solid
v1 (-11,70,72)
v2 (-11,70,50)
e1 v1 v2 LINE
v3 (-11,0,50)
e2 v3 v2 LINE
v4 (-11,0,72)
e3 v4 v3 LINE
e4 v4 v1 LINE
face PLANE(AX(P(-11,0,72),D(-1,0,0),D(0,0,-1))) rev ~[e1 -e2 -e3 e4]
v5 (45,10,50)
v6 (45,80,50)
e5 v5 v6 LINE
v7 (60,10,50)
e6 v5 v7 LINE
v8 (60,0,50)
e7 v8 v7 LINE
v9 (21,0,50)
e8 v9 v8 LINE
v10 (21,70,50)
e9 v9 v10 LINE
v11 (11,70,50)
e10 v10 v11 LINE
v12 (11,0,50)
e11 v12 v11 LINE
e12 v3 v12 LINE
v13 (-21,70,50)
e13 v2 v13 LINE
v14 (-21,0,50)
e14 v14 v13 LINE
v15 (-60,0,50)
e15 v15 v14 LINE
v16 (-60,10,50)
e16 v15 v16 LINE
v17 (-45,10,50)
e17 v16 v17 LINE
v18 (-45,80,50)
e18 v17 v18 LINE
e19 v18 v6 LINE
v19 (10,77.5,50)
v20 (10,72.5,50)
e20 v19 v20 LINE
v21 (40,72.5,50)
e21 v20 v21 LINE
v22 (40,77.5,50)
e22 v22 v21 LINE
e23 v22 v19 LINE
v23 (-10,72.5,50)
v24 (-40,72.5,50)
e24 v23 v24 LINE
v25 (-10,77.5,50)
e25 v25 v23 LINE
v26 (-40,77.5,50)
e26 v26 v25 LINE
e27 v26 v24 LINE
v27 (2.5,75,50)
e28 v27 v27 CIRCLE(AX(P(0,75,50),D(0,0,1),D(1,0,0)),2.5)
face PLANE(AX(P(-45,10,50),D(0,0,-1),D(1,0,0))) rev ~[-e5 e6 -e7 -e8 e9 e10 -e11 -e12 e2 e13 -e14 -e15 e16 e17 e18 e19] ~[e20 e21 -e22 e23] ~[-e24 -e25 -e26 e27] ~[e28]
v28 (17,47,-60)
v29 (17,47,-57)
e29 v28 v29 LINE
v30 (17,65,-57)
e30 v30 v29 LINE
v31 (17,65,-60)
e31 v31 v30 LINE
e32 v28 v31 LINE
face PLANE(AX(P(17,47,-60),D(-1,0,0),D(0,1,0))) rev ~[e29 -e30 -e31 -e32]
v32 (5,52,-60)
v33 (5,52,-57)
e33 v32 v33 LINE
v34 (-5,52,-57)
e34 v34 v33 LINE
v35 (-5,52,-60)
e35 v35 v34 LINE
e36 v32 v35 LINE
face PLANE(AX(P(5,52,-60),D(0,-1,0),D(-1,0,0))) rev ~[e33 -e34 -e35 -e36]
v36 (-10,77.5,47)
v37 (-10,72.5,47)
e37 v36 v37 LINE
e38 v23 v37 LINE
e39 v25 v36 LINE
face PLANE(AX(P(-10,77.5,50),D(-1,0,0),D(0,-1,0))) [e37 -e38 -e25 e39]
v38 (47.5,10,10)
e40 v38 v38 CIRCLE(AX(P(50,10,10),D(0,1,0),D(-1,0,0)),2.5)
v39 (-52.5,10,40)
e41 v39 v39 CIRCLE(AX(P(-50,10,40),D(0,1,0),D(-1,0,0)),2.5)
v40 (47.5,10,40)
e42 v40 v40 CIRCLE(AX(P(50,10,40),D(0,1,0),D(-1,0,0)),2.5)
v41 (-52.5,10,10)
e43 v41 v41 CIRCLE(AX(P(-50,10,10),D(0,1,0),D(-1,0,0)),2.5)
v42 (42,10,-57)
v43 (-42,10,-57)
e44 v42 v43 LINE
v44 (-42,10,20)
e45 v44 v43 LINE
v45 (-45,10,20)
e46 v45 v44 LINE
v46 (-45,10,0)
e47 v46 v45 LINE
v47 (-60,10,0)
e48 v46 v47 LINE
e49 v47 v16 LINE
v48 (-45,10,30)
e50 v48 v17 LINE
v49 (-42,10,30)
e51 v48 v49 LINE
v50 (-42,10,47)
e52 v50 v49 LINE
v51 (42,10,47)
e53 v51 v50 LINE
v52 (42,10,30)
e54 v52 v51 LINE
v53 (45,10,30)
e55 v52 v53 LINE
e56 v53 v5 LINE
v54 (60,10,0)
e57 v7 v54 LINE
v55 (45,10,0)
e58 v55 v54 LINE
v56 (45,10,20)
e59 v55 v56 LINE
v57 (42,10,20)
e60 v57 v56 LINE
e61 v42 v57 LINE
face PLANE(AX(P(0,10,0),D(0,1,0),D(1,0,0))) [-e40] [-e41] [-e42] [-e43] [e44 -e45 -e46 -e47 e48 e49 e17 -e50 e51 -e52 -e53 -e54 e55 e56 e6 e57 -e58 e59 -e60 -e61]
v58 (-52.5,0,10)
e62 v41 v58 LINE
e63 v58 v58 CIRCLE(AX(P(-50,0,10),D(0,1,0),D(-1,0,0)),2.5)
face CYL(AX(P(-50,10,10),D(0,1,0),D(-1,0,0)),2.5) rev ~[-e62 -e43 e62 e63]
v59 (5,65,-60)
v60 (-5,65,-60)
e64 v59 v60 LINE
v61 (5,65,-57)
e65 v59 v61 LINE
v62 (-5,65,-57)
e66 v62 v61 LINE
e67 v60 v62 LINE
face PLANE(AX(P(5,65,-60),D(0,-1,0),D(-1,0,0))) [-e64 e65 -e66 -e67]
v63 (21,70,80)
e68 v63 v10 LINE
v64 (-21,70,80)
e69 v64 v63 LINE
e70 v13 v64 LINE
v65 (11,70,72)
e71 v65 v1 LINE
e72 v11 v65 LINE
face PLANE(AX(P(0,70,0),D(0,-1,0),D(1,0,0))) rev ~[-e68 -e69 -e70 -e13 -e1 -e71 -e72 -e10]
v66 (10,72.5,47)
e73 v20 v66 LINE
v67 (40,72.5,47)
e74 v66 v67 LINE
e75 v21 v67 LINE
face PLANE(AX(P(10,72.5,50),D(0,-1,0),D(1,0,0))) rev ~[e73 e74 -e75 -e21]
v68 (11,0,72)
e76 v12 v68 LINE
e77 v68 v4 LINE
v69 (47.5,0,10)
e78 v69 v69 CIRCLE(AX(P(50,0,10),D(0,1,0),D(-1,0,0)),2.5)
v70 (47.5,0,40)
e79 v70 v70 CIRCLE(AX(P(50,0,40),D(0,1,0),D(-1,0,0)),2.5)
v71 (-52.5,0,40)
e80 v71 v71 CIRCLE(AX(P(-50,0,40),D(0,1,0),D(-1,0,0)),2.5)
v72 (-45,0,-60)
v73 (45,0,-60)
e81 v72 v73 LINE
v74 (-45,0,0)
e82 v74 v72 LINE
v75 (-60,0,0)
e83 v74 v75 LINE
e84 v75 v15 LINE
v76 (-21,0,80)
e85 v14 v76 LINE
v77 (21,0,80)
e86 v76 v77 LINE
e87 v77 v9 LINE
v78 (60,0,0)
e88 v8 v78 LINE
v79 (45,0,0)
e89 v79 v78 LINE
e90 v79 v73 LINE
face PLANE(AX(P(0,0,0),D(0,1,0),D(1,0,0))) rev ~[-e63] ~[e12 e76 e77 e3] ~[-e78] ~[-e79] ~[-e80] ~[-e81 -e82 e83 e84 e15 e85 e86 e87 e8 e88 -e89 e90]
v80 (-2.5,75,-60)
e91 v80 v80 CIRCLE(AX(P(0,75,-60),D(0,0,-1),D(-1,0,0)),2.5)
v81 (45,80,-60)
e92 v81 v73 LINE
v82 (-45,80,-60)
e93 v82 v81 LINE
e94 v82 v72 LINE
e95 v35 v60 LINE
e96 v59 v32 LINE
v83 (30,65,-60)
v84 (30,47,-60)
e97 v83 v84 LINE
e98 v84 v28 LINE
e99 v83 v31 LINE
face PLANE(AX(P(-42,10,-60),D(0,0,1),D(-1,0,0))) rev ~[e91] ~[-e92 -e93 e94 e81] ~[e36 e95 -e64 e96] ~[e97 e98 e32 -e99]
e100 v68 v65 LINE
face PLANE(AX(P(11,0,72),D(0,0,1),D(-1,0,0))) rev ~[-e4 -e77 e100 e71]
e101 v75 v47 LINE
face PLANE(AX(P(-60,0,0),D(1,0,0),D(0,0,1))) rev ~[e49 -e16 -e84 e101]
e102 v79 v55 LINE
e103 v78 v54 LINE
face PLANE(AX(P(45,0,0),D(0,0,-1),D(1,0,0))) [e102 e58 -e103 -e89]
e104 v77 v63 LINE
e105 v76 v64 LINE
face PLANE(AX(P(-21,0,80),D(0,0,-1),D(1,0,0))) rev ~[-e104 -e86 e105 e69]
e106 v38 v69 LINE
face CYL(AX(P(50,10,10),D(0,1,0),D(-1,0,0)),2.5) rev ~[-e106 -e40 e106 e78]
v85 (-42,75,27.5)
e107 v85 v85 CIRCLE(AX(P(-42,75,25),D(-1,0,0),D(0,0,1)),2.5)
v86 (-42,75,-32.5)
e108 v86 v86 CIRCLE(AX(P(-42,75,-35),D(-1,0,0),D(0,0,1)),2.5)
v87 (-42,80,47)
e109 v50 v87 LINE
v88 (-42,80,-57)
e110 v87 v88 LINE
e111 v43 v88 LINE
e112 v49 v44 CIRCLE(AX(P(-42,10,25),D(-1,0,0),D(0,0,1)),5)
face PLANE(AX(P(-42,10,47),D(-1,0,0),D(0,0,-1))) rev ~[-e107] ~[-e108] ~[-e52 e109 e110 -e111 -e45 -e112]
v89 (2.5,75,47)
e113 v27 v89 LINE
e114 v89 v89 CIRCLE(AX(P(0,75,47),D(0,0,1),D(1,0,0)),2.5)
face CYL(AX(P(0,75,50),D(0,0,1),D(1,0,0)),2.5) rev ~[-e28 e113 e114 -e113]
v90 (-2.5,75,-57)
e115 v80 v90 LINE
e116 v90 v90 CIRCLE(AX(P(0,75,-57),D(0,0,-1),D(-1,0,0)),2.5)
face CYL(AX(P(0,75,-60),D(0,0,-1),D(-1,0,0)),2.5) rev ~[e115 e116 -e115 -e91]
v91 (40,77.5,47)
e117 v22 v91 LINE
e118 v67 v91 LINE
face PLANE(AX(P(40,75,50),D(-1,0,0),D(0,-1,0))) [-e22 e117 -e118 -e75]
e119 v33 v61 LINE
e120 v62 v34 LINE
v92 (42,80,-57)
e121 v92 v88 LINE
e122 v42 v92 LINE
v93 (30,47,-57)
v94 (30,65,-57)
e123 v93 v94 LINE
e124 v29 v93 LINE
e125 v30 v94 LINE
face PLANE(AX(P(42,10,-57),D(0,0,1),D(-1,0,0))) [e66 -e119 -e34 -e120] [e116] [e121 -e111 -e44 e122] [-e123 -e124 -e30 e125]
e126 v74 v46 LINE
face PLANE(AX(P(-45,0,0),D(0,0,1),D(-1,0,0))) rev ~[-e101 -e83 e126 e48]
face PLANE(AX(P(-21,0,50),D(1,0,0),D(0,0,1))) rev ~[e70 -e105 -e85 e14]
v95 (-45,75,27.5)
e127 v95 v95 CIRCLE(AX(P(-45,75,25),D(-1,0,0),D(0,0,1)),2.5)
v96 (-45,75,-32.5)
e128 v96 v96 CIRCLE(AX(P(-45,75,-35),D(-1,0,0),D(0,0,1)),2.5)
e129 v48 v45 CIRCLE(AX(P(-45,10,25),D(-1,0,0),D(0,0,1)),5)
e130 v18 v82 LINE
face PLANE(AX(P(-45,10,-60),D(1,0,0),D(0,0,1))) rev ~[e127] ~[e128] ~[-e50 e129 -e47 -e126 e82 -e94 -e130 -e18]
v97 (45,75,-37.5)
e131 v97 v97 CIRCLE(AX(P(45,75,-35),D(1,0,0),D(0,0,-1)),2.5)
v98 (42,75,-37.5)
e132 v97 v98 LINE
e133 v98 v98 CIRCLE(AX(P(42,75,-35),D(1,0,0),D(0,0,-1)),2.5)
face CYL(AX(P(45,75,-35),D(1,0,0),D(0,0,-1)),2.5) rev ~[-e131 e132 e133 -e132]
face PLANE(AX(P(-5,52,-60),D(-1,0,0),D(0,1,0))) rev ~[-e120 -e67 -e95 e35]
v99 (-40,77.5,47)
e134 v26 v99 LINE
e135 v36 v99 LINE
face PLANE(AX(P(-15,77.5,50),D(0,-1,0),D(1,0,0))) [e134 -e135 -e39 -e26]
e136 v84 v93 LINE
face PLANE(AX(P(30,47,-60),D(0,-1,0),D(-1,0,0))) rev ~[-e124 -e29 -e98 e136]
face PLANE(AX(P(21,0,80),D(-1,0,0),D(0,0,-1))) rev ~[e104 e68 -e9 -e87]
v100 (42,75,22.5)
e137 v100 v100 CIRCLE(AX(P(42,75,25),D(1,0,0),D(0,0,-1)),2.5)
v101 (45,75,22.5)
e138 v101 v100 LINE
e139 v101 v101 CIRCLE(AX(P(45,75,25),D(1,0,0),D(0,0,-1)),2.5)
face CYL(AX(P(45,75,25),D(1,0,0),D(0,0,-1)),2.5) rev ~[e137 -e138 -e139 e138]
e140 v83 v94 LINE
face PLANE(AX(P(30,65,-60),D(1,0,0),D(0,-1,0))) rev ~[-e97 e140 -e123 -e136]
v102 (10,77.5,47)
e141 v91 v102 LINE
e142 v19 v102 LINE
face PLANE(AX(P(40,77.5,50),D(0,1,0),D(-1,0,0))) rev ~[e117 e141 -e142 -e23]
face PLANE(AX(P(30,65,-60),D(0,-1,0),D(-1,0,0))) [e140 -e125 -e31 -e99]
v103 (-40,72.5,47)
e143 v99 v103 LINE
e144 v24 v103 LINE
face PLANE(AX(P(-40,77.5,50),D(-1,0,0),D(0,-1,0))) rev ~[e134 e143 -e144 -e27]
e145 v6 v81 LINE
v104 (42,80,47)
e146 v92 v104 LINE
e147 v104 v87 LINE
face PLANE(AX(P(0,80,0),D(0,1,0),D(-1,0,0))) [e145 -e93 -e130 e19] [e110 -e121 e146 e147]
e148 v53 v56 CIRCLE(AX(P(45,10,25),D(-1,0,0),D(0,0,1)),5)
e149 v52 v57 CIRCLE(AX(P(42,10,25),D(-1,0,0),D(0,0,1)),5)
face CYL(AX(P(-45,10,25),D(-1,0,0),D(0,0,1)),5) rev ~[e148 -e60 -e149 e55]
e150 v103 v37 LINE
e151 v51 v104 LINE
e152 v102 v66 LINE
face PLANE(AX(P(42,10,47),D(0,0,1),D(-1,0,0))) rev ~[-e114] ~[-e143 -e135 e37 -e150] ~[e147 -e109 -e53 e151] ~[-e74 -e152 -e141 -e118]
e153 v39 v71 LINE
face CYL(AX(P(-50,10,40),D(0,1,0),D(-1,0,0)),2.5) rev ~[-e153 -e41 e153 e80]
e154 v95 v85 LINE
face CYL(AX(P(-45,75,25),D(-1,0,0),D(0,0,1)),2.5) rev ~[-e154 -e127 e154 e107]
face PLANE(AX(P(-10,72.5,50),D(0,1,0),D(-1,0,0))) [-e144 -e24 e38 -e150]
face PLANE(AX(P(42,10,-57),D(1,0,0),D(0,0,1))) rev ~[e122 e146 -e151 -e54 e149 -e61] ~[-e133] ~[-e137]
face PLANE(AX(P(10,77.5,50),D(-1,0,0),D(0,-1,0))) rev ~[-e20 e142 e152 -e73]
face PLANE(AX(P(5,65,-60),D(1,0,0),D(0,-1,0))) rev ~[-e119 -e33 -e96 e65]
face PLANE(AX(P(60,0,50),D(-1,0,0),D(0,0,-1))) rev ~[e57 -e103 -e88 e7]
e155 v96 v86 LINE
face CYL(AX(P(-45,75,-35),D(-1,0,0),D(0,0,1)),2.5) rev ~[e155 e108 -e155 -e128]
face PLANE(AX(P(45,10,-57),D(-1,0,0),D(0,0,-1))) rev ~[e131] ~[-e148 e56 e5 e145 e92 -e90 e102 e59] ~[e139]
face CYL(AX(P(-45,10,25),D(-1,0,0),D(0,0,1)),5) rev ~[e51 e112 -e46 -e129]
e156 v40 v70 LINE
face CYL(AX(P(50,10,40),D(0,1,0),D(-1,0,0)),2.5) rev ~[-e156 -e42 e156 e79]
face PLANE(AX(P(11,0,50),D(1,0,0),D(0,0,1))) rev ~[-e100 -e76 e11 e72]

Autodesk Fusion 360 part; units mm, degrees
sketch "Sketch1" plane through (0, 0, 0) normal (0, 1, 0) x (1, 0, 0)
  line L0 (0, 0) -> (60, 0)
  line L1 (60, 0) -> (-60, 0)
  line L2 (-60, 0) -> (-60, -50)
  line L3 (-60, -50) -> (60, -50)
  line L4 (60, -50) -> (60, 0)
  line L5 (-60, 0) -> (-45, 0)
  line L6 (60, 0) -> (45, 0)
  line L7 (-45, 0) -> (-45, 60)
  line L8 (45, 0) -> (45, 60)
  line L9 (-45, 60) -> (45, 60)
  dimension "d1" = 60
  dimension "d2" = 120
  dimension "d3" = 50
  dimension "d4" = 15
  dimension "d5" = 15
  dimension "d6" = 60
  dimension "d7" = 60
extrude "Extrude1" add sketch "Sketch1" along normal blind 10
sketch "Sketch2" plane through (0, 10, 0) normal (0, 1, 0) x (-1, 0, 0)
  line L0 (60, 0) -> (60, 50)
  line L1 (60, 50) -> (-60, 50)
  line L2 (-60, 50) -> (-60, 0)
  line L3 (-60, 0) -> (-45, 0)
  line L4 (-45, 0) -> (-45, -60)
  line L5 (-45, -60) -> (45, -60)
  line L6 (45, -60) -> (45, 0)
  line L7 (45, 0) -> (60, 0)
  line L8 (60, 50) -> (60, 40)
  line L9 (-60, 50) -> (-60, 40)
  circle A0 centre (50, 40) radius 2.5
  circle A1 centre (-50, 40) radius 2.5
  circle A2 centre (50, 10) radius 2.5
  circle A3 centre (-50, 10) radius 2.5
  dimension "d10" = 10
  dimension "d11" = 10
  dimension "d12" = 10
  dimension "d13" = 10
  dimension "d14" = 5
  dimension "d15" = 5
  dimension "d16" = 30
  dimension "d17" = 5
  dimension "d18" = 30
  dimension "d19" = 5
extrude "Extrude2" cut sketch "Sketch2" against normal blind 20 contours A0 | A1 | A2 | A3
sketch "Sketch3" plane through (0, 10, 0) normal (0, 1, 0) x (-1, 0, 0)
  circle A0 centre (50, 40) radius 2.5
  circle A1 centre (-50, 40) radius 2.5
  circle A2 centre (50, 10) radius 2.5
  circle A3 centre (-50, 10) radius 2.5
  line L0 (60, 0) -> (60, 50)
  line L1 (60, 50) -> (-60, 50)
  line L2 (-60, 50) -> (-60, 0)
  line L3 (-60, 0) -> (-45, 0)
  line L4 (-45, 0) -> (-45, -60)
  line L5 (-45, -60) -> (45, -60)
  line L6 (45, -60) -> (45, 0)
  line L7 (45, 0) -> (60, 0)
  line L8 (45, -60) -> (45, 50)
  line L9 (-45, -60) -> (-45, 50)
  line L10 (45, 50) -> (-45, 50)
  line L11 (-45, -60) -> (45, -60)
  line L12 (45, 50) -> (42, 50)
  line L13 (45, -60) -> (42, -60)
  line L14 (-45, -60) -> (-45, -57)
  line L15 (-45, 50) -> (-42, 50)
  line L16 (42, 47) -> (42, -57)
  line L17 (-42, -57) -> (42, -57)
  line L18 (-42, -57) -> (-42, 47)
  line L19 (-42, 47) -> (42, 47)
  dimension "d22" = 3
  dimension "d23" = 3
  dimension "d24" = 3
  dimension "d25" = 3
  dimension "d26" = 3
  dimension "d27" = 3
  dimension "d28" = 3
  dimension "d29" = 3
extrude "Extrude3" add sketch "Sketch3" along normal blind 70 contours L1 L4 L5 L6 L8 L9 L10 L11 L12 L13 L14 L15
sketch "Sketch4" plane through (-45, 0, 0) normal (-1, 0, 0) x (0, 0, 1)
  line L0 (-60, 0) -> (0, 0)
  line L1 (0, 0) -> (0, 10)
  line L2 (0, 10) -> (50, 10)
  line L3 (50, 10) -> (50, 80)
  line L4 (50, 80) -> (-60, 80)
  line L5 (-60, 80) -> (-60, 0)
  line L6 (-60, 80) -> (-60, 75)
  circle A0 centre (-35, 75) radius 2.5
  circle A1 centre (25, 75) radius 2.5
  dimension "d32" = 25
  dimension "d34" = 5
  dimension "d35" = 5
extrude "Extrude4" cut sketch "Sketch4" against normal blind 10 contours A0 | A1
sketch "Sketch5" plane through (45, 0, 0) normal (1, 0, 0) x (0, 0, -1)
  line L0 (0, 0) -> (60, 0)
  line L1 (60, 0) -> (60, 80)
  line L2 (60, 80) -> (-50, 80)
  line L3 (-50, 80) -> (-50, 10)
  line L4 (-50, 10) -> (0, 10)
  line L5 (0, 10) -> (0, 0)
  line L6 (-50, 80) -> (-50, 75)
  circle A0 centre (-25, 75) radius 2.5
  circle A1 centre (35, 75) radius 2.5
  dimension "d38" = 5
  dimension "d39" = 25
  dimension "d41" = 5
  dimension "d42" = 5
extrude "Extrude5" cut sketch "Sketch5" against normal blind 11 contours A0 | A1
sketch "Sketch6" plane through (0, 0, 50) normal (0, 0, 1) x (1, 0, 0)
  line L0 (-60, 0) -> (60, 0)
  line L1 (60, 0) -> (60, 10)
  line L2 (60, 10) -> (45, 10)
  line L3 (45, 10) -> (45, 80)
  line L4 (45, 80) -> (-45, 80)
  line L5 (-45, 80) -> (-45, 10)
  line L6 (-45, 10) -> (-60, 10)
  line L7 (-60, 10) -> (-60, 0)
  circle A0 centre (0, 75) radius 2.5
  dimension "d47" = 5
extrude "Extrude6" cut sketch "Sketch6" against normal blind 11 contours A0
sketch "Sketch7" plane through (0, 0, -60) normal (0, 0, -1) x (-1, 0, 0)
  line L0 (-45, 0) -> (45, 0)
  line L1 (45, 0) -> (45, 80)
  line L2 (45, 80) -> (-45, 80)
  line L3 (-45, 80) -> (-45, 0)
  circle A0 centre (0, 75) radius 2.5
  dimension "d51" = 5
extrude "Extrude7" cut sketch "Sketch7" against normal blind 11 contours A0
sketch "Sketch8" plane through (0, 0, 50) normal (0, 0, 1) x (1, 0, 0)
  circle A0 centre (0, 75) radius 2.5
  line L0 (-60, 0) -> (60, 0)
  line L1 (60, 0) -> (60, 10)
  line L2 (60, 10) -> (45, 10)
  line L3 (45, 10) -> (45, 80)
  line L4 (45, 80) -> (-45, 80)
  line L5 (-45, 80) -> (-45, 10)
  line L6 (-45, 10) -> (-60, 10)
  line L7 (-60, 10) -> (-60, 0)
  line L8 (-45, 80) -> (-45, 75)
  line L9 (-15, 77.5) -> (-35, 77.5)
  line L10 (-35, 72.5) -> (-15, 72.5)
  line L11 (-15, 77.5) -> (-10, 77.5)
  line L12 (-10, 77.5) -> (-10, 72.5)
  line L13 (-10, 72.5) -> (-15, 72.5)
  line L14 (-35, 77.5) -> (-40, 77.5)
  line L15 (-40, 77.5) -> (-40, 72.5)
  line L16 (-40, 72.5) -> (-35, 72.5)
  dimension "d55" = 20
  dimension "d56" = 5
  dimension "d57" = 5
extrude "Extrude8" cut sketch "Sketch8" against normal blind 20 contours L9 L10 L11 L12 L13 L14 L15 L16
sketch "Sketch9" plane through (0, 0, 50) normal (0, 0, 1) x (1, 0, 0)
  line L0 (-40, 72.5) -> (-40, 77.5)
  line L1 (-40, 77.5) -> (-10, 77.5)
  line L2 (-10, 77.5) -> (-10, 72.5)
  line L3 (-10, 72.5) -> (-40, 72.5)
  circle A0 centre (0, 75) radius 2.5
  line L4 (-60, 0) -> (60, 0)
  line L5 (60, 0) -> (60, 10)
  line L6 (60, 10) -> (45, 10)
  line L7 (45, 10) -> (45, 80)
  line L8 (45, 80) -> (-45, 80)
  line L9 (-45, 80) -> (-45, 10)
  line L10 (-45, 10) -> (-60, 10)
  line L11 (-60, 10) -> (-60, 0)
  line L12 (45, 80) -> (45, 75)
  line L13 (45, 75) -> (40, 75)
  line L14 (40, 75) -> (40, 72.5)
  line L15 (40, 75) -> (40, 77.5)
  line L16 (40, 77.5) -> (10, 77.5)
  line L17 (10, 77.5) -> (10, 72.5)
  line L18 (10, 72.5) -> (40, 72.5)
  dimension "d60" = 2.5
  dimension "d61" = 2.5
  dimension "d62" = 30
  dimension "d63" = 5
extrude "Extrude9" cut sketch "Sketch9" against normal blind 20 contours L14 L15 L16 L17 L18
sketch "Sketch10" plane through (0, 0, 0) normal (0, -1, 0) x (1, 0, 0)
  circle A0 centre (-50, 40) radius 2.5
  circle A1 centre (50, 40) radius 2.5
  circle A2 centre (-50, 10) radius 2.5
  circle A3 centre (50, 10) radius 2.5
  line L0 (-60, 50) -> (-60, 0)
  line L1 (-60, 0) -> (-45, 0)
  line L2 (-45, 0) -> (-45, -60)
  line L3 (-45, -60) -> (45, -60)
  line L4 (45, -60) -> (45, 0)
  line L5 (45, 0) -> (60, 0)
  line L6 (60, 0) -> (60, 50)
  line L7 (60, 50) -> (-60, 50)
  line L8 (0, 50) -> (11, 50)
  line L9 (11, 50) -> (11, 72)
  line L10 (11, 72) -> (-11, 72)
  line L11 (-11, 72) -> (-11, 50)
  line L12 (-11, 50) -> (-21, 50)
  line L13 (-21, 50) -> (-21, 80)
  line L14 (-21, 80) -> (21, 80)
  line L15 (21, 80) -> (21, 50)
  dimension "d66" = 11
  dimension "d67" = 22
  dimension "d68" = 22
  dimension "d69" = 10
extrude "Extrude10" add sketch "Sketch10" against normal blind 70 contours L7 L9 L10 L11 L12 L13 L14 L15
sketch "Sketch11" plane through (0, 0, 0) normal (0, -1, 0) x (1, 0, 0)
  line L0 (-21, 50) -> (-60, 50)
  line L1 (-60, 50) -> (-60, 0)
  line L2 (-60, 0) -> (-45, 0)
  line L3 (-45, 0) -> (-45, -60)
  line L4 (-45, -60) -> (45, -60)
  line L5 (45, -60) -> (45, 0)
  line L6 (45, 0) -> (60, 0)
  line L7 (60, 0) -> (60, 50)
  line L8 (60, 50) -> (21, 50)
  line L9 (21, 50) -> (21, 80)
  line L10 (21, 80) -> (-21, 80)
  line L11 (-21, 80) -> (-21, 50)
  circle A0 centre (-50, 40) radius 2.5
  circle A1 centre (50, 40) radius 2.5
  circle A2 centre (-50, 10) radius 2.5
  circle A3 centre (50, 10) radius 2.5
  line L12 (-11, 50) -> (-11, 72)
  line L13 (-11, 72) -> (11, 72)
  line L14 (11, 72) -> (11, 50)
  line L15 (11, 50) -> (-11, 50)
sketch "Sketch12" plane through (0, 0, 0) normal (0, -1, 0) x (1, 0, 0)
sketch "Sketch13" plane through (0, 0, 80) normal (0, 0, 1) x (1, 0, 0)
  line L0 (-21, 0) -> (21, 0)
  line L1 (21, 0) -> (21, 70)
  line L2 (21, 70) -> (-21, 70)
  line L3 (-21, 70) -> (-21, 0)
sketch "Sketch14" plane through (-45, 0, 0) normal (-1, 0, 0) x (0, 0, 1)
  circle A0 centre (25, 75) radius 2.5
  circle A1 centre (-35, 75) radius 2.5
  line L0 (-60, 0) -> (0, 0)
  line L1 (0, 0) -> (0, 10)
  line L2 (0, 10) -> (50, 10)
  line L3 (50, 10) -> (50, 80)
  line L4 (50, 80) -> (-60, 80)
  line L5 (-60, 80) -> (-60, 0)
  line L6 (0, 10) -> (25, 10)
  arc A2 (30, 10) -> (20, 10) centre (25, 10) ccw
  dimension "d72" = 10
extrude "Extrude11" cut sketch "Sketch14" against normal blind 100 contours L2 L6 A2
sketch "Sketch15" plane through (0, 0, -60) normal (0, 0, -1) x (-1, 0, 0)
  circle A0 centre (0, 75) radius 2.5
  line L0 (-45, 0) -> (45, 0)
  line L1 (45, 0) -> (45, 80)
  line L2 (45, 80) -> (-45, 80)
  line L3 (-45, 80) -> (-45, 0)
  line L4 (-45, 80) -> (-45, 65)
  line L5 (-30, 65) -> (-17, 65)
  line L6 (-30, 65) -> (-30, 47)
  line L7 (-30, 47) -> (-17, 47)
  line L8 (-17, 47) -> (-17, 65)
  dimension "d76" = 13
  dimension "d77" = 18
  dimension "d78" = 13
extrude "Extrude12" cut sketch "Sketch15" against normal blind 20 contours L5 L6 L7 L8
sketch "Sketch16" plane through (0, 0, -60) normal (0, 0, -1) x (-1, 0, 0)
  line L0 (-17, 47) -> (-30, 47)
  line L1 (-30, 47) -> (-30, 65)
  line L2 (-30, 65) -> (-17, 65)
  line L3 (-17, 65) -> (-17, 47)
  circle A0 centre (0, 75) radius 2.5
  line L4 (-45, 0) -> (45, 0)
  line L5 (45, 0) -> (45, 80)
  line L6 (45, 80) -> (-45, 80)
  line L7 (-45, 80) -> (-45, 0)
  line L8 (-5, 65) -> (5, 65)
  line L9 (-5, 65) -> (-5, 52)
  line L10 (-5, 52) -> (5, 52)
  line L11 (5, 52) -> (5, 65)
  dimension "d81" = 10
  dimension "d82" = 13
  dimension "d83" = 10
extrude "Extrude13" cut sketch "Sketch16" against normal blind 20 contours L8 L9 L10 L11
sketch "Sketch17" plane through (0, 80, 0) normal (0, 1, 0) x (-1, 0, 0)
  line L0 (42, -57) -> (-42, -57)
  line L1 (-42, -57) -> (-42, 47)
  line L2 (-42, 47) -> (42, 47)
  line L3 (42, 47) -> (42, -57)
  line L4 (-45, -60) -> (45, -60)
  line L5 (45, -60) -> (45, 50)
  line L6 (45, 50) -> (-45, 50)
  line L7 (-45, 50) -> (-45, -60)
sketch "Sketch18" plane through (0, 0, 50) normal (0, 0, 1) x (1, 0, 0)
  line L0 (-11, 70) -> (-11, 0)
  line L1 (-11, 0) -> (11, 0)
  line L2 (11, 0) -> (11, 70)
  line L3 (11, 70) -> (21, 70)
  line L4 (21, 70) -> (21, 0)
  line L5 (21, 0) -> (60, 0)
  line L6 (60, 0) -> (60, 10)
  line L7 (60, 10) -> (45, 10)
  line L8 (45, 10) -> (45, 80)
  line L9 (45, 80) -> (-45, 80)
  line L10 (-45, 80) -> (-45, 10)
  line L11 (-45, 10) -> (-60, 10)
  line L12 (-60, 10) -> (-60, 0)
  line L13 (-60, 0) -> (-21, 0)
  line L14 (-21, 0) -> (-21, 70)
  line L15 (-21, 70) -> (-11, 70)
  line L16 (10, 77.5) -> (40, 77.5)
  line L17 (40, 77.5) -> (40, 72.5)
  line L18 (40, 72.5) -> (10, 72.5)
  line L19 (10, 72.5) -> (10, 77.5)
  line L20 (-40, 72.5) -> (-40, 77.5)
  line L21 (-40, 77.5) -> (-10, 77.5)
  line L22 (-10, 77.5) -> (-10, 72.5)
  line L23 (-10, 72.5) -> (-40, 72.5)
  circle A0 centre (0, 75) radius 2.5
sketch "Sketch19" plane through (0, 80, 0) normal (0, 1, 0) x (-1, 0, 0)
sketch "Sketch20" plane through (0, 0, 50) normal (0, 0, 1) x (1, 0, 0)
sketch "Sketch21" plane through (-45, 0, 0) normal (-1, 0, 0) x (0, 0, 1)
  arc A0 (30, 10) -> (20, 10) centre (25, 10) ccw
  line L0 (30, 10) -> (50, 10)
  line L1 (50, 10) -> (50, 80)
  line L2 (50, 80) -> (-60, 80)
  line L3 (-60, 80) -> (-60, 0)
  line L4 (-60, 0) -> (0, 0)
  line L5 (0, 0) -> (0, 10)
  line L6 (0, 10) -> (20, 10)
  circle A1 centre (-35, 75) radius 2.5
  circle A2 centre (25, 75) radius 2.5
sketch "Sketch22" plane through (0, 80, 0) normal (0, 1, 0) x (-1, 0, 0)
sketch "Sketch23" plane through (-45, 0, 0) normal (-1, 0, 0) x (0, 0, 1)
sketch "Sketch24" plane through (45, 0, 0) normal (1, 0, 0) x (0, 0, -1)
  arc A0 (-20, 10) -> (-30, 10) centre (-25, 10) ccw
  line L0 (-20, 10) -> (0, 10)
  line L1 (0, 10) -> (0, 0)
  line L2 (0, 0) -> (60, 0)
  line L3 (60, 0) -> (60, 80)
  line L4 (60, 80) -> (-50, 80)
  line L5 (-50, 80) -> (-50, 10)
  line L6 (-50, 10) -> (-30, 10)
  circle A1 centre (35, 75) radius 2.5
  circle A2 centre (-25, 75) radius 2.5
sketch "Sketch25" plane through (0, 80, 0) normal (0, 1, 0) x (-1, 0, 0)
  point P0 (42, -57)
  point P1 (-42, -57)
  point P2 (42, 47)
  dimension "d86" = 84
  dimension "d87" = 104
